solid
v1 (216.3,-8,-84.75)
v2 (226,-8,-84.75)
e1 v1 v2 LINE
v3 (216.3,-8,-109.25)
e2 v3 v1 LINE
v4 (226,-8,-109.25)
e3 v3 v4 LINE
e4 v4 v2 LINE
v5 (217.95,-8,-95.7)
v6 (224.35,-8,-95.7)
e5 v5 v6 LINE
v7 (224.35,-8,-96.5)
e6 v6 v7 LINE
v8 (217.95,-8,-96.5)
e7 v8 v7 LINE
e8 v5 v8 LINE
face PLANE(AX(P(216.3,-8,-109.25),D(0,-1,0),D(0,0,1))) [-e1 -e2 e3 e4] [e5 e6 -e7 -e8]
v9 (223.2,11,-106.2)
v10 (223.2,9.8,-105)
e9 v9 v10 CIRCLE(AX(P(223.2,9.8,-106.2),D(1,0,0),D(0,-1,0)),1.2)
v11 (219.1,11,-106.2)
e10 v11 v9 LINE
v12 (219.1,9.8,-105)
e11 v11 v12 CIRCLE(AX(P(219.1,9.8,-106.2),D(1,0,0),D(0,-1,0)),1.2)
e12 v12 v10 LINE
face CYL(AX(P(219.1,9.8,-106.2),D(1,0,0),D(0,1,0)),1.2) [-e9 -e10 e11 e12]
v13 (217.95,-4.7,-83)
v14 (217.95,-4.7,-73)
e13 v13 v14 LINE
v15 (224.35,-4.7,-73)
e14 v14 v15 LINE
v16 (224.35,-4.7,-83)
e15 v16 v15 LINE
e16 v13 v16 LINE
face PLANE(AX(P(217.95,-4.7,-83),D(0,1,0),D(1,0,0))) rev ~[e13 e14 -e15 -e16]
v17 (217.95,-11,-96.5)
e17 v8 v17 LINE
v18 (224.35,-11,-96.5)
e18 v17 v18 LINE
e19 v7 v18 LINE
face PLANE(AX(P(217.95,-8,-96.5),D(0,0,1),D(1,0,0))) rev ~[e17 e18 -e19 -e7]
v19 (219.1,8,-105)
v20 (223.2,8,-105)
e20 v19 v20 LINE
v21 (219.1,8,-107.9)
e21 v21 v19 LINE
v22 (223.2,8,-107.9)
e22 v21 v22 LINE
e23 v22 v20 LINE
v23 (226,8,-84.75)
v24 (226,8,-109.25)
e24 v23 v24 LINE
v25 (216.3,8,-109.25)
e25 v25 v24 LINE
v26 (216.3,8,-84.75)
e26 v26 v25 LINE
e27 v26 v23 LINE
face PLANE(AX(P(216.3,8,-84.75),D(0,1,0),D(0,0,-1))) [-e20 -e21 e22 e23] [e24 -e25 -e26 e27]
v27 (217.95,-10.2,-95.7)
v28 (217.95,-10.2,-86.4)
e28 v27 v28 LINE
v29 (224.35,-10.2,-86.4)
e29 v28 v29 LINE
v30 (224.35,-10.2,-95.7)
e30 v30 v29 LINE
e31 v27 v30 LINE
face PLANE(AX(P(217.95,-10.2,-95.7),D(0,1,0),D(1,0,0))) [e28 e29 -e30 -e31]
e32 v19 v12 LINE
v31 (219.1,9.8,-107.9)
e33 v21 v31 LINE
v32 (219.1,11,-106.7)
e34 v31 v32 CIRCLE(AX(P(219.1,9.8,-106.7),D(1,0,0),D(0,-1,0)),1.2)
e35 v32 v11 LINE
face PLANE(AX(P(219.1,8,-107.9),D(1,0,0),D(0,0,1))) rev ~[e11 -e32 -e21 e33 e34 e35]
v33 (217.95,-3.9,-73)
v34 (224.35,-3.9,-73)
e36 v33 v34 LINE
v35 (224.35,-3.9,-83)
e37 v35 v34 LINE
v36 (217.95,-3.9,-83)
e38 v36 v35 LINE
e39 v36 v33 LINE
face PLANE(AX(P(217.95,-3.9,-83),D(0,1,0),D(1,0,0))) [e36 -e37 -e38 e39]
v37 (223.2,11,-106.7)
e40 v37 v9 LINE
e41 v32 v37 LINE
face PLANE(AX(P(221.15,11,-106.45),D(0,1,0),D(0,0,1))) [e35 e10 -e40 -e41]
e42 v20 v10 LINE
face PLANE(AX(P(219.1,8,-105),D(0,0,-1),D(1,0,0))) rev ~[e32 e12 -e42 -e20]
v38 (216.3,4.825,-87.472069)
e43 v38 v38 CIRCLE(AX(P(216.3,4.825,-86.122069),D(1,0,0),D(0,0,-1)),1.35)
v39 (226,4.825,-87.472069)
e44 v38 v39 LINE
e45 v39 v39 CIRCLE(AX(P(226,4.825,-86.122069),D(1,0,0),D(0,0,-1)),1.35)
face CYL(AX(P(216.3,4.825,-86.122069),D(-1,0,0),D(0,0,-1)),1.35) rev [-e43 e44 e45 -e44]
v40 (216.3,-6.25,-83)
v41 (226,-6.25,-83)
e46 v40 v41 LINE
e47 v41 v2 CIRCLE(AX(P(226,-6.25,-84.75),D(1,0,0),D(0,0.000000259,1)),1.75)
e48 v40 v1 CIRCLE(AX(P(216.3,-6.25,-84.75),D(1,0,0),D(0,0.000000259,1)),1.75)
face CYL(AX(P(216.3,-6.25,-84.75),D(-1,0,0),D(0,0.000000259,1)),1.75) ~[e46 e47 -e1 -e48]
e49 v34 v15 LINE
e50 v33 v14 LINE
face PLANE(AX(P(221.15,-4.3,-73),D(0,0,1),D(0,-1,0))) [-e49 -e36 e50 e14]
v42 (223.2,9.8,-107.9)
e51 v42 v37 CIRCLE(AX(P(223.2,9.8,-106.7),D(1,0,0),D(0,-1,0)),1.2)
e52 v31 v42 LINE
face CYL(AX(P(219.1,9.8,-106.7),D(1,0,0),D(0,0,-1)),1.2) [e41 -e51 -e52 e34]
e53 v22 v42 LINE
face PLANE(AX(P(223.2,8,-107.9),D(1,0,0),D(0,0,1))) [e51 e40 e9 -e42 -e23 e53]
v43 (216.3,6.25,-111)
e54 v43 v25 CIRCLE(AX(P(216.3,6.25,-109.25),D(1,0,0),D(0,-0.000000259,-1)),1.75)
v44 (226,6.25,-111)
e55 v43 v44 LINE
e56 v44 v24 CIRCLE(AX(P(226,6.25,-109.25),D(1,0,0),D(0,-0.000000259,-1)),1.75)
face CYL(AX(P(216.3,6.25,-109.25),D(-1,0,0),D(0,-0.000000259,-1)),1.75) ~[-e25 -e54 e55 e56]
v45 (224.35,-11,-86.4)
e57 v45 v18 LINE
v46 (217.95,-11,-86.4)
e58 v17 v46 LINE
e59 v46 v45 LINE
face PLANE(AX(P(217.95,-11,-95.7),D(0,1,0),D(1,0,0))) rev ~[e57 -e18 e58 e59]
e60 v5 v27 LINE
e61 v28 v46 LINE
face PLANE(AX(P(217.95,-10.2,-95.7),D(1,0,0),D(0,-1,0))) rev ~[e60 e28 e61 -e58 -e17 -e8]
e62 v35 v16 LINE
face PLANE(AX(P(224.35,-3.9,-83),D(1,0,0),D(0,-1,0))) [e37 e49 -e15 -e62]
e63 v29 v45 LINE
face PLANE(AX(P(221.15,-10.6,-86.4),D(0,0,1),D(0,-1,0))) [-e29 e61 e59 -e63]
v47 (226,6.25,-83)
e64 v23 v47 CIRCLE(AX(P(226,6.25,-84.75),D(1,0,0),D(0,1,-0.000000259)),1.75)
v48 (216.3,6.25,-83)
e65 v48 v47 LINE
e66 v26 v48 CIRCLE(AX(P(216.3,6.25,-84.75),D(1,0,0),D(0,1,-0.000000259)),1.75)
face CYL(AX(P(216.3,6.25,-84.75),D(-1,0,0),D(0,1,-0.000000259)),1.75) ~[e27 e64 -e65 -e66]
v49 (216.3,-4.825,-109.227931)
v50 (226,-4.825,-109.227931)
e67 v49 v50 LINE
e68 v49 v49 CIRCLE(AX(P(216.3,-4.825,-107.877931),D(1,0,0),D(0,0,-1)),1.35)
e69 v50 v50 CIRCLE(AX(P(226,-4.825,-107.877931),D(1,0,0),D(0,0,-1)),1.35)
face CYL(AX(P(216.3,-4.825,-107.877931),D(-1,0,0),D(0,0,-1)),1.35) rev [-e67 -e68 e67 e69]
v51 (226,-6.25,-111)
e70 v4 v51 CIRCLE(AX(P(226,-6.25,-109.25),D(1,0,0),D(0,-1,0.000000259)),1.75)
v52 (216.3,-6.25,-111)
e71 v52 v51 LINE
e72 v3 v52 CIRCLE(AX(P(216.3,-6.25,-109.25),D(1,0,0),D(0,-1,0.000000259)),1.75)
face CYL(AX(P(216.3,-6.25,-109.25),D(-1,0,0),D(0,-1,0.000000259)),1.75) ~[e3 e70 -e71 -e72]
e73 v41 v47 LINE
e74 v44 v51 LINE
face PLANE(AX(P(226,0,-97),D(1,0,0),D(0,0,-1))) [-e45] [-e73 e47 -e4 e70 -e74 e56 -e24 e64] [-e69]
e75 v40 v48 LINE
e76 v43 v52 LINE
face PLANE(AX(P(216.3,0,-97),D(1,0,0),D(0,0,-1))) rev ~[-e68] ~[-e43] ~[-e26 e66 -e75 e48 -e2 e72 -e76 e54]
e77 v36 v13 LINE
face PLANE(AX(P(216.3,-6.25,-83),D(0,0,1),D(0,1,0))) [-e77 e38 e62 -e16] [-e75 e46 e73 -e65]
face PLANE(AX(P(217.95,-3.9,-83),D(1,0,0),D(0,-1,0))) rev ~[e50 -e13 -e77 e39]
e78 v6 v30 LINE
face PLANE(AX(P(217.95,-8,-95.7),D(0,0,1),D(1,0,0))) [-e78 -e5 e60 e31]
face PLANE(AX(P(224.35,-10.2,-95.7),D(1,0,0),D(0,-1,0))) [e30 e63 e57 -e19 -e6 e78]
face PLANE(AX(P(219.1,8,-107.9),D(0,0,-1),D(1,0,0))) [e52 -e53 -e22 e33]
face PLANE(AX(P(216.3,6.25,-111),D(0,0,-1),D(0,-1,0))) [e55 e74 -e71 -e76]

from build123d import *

# Parameters (mm, degrees)
SKETCH056_R             = 1.35
PAD056_DEPTH            = 9.7
SKETCH057_W             = 2.9
SKETCH057_H             = 4.1
PAD057_DEPTH            = 3
SKETCH058_W             = 0.8
SKETCH058_H             = 6.4
PAD058_DEPTH            = 10
SKETCH059_W             = 0.8
SKETCH059_H             = 6.4
PAD059_DEPTH            = 3
SKETCH060_W             = 0.8
SKETCH060_H             = 6.4
PAD060_DEPTH            = 9.3
FILLET008_R             = 1.2
BODY012_PLACEMENT_ANGLE = 90


with BuildPart() as part:
    # Sketch056 → Pad056 (new body)
    with BuildSketch(Plane.XY):
        with BuildLine():
            ThreePointArc((-12.25, 8), (-13.487437, 7.487437), (-14, 6.25))
            Line((-14, -6.25), (-14, 6.25))
            ThreePointArc((-14, -6.25), (-13.487437, -7.487437), (-12.25, -8))
            Line((12.25, -8), (-12.25, -8))
            ThreePointArc((12.25, -8), (13.487437, -7.487437), (14, -6.25))
            Line((14, 6.25), (14, -6.25))
            ThreePointArc((14, 6.25), (13.487437, 7.487437), (12.25, 8))
            Line((-12.25, 8), (12.25, 8))
        make_face()
        with Locations((10.877931, -4.825)):
            Circle(SKETCH056_R, mode=Mode.SUBTRACT)
        with Locations((-10.877931, 4.825)):
            Circle(SKETCH056_R, mode=Mode.SUBTRACT)
    extrude(amount=PAD056_DEPTH)

    # Sketch057 (on Face8 of Pad056) → Pad057 (join)
    with BuildSketch(Plane(origin=(0, 8, 0), x_dir=(-1, 0, 0), z_dir=(0, 1, 0))):
        with Locations((-9.45, 4.85)):
            Rectangle(SKETCH057_W, SKETCH057_H)
    extrude(amount=PAD057_DEPTH)

    # Sketch058 (on Face3 of Pad057) → Pad058 (join)
    with BuildSketch(Plane(origin=(-14, 0, 0), x_dir=(0, -1, 0), z_dir=(-1, 0, 0))):
        with Locations((4.3, 4.85)):
            Rectangle(SKETCH058_W, SKETCH058_H)
    extrude(amount=PAD058_DEPTH)

    # Sketch059 (on Face16 of Pad058) → Pad059 (join)
    with BuildSketch(Plane.XZ.offset(8)):
        with Locations((-0.9, 4.85)):
            Rectangle(SKETCH059_W, SKETCH059_H)
    extrude(amount=PAD059_DEPTH)

    # Sketch060 (on Face23 of Pad059) → Pad060 (join)
    with BuildSketch(Plane(origin=(-1.3, 0, 0), x_dir=(0, -1, 0), z_dir=(-1, 0, 0))):
        with Locations((10.6, 4.85)):
            Rectangle(SKETCH060_W, SKETCH060_H)
    extrude(amount=PAD060_DEPTH)

    # Fillet008
    fillet008_edges = [part.edges().sort_by_distance(p)[0] for p in [
        (10.9, 11, 4.85),
        (8, 11, 4.85),
    ]]
    fillet(fillet008_edges, radius=FILLET008_R)


with BuildPart() as part_1:
    # Body012 placement: moved
    add(part.part.moved(Location((216.3, 0, -97))).rotate(Axis((216.3, 0, -97), (0, 1, 0)), BODY012_PLACEMENT_ANGLE))


solid = part_1.part
